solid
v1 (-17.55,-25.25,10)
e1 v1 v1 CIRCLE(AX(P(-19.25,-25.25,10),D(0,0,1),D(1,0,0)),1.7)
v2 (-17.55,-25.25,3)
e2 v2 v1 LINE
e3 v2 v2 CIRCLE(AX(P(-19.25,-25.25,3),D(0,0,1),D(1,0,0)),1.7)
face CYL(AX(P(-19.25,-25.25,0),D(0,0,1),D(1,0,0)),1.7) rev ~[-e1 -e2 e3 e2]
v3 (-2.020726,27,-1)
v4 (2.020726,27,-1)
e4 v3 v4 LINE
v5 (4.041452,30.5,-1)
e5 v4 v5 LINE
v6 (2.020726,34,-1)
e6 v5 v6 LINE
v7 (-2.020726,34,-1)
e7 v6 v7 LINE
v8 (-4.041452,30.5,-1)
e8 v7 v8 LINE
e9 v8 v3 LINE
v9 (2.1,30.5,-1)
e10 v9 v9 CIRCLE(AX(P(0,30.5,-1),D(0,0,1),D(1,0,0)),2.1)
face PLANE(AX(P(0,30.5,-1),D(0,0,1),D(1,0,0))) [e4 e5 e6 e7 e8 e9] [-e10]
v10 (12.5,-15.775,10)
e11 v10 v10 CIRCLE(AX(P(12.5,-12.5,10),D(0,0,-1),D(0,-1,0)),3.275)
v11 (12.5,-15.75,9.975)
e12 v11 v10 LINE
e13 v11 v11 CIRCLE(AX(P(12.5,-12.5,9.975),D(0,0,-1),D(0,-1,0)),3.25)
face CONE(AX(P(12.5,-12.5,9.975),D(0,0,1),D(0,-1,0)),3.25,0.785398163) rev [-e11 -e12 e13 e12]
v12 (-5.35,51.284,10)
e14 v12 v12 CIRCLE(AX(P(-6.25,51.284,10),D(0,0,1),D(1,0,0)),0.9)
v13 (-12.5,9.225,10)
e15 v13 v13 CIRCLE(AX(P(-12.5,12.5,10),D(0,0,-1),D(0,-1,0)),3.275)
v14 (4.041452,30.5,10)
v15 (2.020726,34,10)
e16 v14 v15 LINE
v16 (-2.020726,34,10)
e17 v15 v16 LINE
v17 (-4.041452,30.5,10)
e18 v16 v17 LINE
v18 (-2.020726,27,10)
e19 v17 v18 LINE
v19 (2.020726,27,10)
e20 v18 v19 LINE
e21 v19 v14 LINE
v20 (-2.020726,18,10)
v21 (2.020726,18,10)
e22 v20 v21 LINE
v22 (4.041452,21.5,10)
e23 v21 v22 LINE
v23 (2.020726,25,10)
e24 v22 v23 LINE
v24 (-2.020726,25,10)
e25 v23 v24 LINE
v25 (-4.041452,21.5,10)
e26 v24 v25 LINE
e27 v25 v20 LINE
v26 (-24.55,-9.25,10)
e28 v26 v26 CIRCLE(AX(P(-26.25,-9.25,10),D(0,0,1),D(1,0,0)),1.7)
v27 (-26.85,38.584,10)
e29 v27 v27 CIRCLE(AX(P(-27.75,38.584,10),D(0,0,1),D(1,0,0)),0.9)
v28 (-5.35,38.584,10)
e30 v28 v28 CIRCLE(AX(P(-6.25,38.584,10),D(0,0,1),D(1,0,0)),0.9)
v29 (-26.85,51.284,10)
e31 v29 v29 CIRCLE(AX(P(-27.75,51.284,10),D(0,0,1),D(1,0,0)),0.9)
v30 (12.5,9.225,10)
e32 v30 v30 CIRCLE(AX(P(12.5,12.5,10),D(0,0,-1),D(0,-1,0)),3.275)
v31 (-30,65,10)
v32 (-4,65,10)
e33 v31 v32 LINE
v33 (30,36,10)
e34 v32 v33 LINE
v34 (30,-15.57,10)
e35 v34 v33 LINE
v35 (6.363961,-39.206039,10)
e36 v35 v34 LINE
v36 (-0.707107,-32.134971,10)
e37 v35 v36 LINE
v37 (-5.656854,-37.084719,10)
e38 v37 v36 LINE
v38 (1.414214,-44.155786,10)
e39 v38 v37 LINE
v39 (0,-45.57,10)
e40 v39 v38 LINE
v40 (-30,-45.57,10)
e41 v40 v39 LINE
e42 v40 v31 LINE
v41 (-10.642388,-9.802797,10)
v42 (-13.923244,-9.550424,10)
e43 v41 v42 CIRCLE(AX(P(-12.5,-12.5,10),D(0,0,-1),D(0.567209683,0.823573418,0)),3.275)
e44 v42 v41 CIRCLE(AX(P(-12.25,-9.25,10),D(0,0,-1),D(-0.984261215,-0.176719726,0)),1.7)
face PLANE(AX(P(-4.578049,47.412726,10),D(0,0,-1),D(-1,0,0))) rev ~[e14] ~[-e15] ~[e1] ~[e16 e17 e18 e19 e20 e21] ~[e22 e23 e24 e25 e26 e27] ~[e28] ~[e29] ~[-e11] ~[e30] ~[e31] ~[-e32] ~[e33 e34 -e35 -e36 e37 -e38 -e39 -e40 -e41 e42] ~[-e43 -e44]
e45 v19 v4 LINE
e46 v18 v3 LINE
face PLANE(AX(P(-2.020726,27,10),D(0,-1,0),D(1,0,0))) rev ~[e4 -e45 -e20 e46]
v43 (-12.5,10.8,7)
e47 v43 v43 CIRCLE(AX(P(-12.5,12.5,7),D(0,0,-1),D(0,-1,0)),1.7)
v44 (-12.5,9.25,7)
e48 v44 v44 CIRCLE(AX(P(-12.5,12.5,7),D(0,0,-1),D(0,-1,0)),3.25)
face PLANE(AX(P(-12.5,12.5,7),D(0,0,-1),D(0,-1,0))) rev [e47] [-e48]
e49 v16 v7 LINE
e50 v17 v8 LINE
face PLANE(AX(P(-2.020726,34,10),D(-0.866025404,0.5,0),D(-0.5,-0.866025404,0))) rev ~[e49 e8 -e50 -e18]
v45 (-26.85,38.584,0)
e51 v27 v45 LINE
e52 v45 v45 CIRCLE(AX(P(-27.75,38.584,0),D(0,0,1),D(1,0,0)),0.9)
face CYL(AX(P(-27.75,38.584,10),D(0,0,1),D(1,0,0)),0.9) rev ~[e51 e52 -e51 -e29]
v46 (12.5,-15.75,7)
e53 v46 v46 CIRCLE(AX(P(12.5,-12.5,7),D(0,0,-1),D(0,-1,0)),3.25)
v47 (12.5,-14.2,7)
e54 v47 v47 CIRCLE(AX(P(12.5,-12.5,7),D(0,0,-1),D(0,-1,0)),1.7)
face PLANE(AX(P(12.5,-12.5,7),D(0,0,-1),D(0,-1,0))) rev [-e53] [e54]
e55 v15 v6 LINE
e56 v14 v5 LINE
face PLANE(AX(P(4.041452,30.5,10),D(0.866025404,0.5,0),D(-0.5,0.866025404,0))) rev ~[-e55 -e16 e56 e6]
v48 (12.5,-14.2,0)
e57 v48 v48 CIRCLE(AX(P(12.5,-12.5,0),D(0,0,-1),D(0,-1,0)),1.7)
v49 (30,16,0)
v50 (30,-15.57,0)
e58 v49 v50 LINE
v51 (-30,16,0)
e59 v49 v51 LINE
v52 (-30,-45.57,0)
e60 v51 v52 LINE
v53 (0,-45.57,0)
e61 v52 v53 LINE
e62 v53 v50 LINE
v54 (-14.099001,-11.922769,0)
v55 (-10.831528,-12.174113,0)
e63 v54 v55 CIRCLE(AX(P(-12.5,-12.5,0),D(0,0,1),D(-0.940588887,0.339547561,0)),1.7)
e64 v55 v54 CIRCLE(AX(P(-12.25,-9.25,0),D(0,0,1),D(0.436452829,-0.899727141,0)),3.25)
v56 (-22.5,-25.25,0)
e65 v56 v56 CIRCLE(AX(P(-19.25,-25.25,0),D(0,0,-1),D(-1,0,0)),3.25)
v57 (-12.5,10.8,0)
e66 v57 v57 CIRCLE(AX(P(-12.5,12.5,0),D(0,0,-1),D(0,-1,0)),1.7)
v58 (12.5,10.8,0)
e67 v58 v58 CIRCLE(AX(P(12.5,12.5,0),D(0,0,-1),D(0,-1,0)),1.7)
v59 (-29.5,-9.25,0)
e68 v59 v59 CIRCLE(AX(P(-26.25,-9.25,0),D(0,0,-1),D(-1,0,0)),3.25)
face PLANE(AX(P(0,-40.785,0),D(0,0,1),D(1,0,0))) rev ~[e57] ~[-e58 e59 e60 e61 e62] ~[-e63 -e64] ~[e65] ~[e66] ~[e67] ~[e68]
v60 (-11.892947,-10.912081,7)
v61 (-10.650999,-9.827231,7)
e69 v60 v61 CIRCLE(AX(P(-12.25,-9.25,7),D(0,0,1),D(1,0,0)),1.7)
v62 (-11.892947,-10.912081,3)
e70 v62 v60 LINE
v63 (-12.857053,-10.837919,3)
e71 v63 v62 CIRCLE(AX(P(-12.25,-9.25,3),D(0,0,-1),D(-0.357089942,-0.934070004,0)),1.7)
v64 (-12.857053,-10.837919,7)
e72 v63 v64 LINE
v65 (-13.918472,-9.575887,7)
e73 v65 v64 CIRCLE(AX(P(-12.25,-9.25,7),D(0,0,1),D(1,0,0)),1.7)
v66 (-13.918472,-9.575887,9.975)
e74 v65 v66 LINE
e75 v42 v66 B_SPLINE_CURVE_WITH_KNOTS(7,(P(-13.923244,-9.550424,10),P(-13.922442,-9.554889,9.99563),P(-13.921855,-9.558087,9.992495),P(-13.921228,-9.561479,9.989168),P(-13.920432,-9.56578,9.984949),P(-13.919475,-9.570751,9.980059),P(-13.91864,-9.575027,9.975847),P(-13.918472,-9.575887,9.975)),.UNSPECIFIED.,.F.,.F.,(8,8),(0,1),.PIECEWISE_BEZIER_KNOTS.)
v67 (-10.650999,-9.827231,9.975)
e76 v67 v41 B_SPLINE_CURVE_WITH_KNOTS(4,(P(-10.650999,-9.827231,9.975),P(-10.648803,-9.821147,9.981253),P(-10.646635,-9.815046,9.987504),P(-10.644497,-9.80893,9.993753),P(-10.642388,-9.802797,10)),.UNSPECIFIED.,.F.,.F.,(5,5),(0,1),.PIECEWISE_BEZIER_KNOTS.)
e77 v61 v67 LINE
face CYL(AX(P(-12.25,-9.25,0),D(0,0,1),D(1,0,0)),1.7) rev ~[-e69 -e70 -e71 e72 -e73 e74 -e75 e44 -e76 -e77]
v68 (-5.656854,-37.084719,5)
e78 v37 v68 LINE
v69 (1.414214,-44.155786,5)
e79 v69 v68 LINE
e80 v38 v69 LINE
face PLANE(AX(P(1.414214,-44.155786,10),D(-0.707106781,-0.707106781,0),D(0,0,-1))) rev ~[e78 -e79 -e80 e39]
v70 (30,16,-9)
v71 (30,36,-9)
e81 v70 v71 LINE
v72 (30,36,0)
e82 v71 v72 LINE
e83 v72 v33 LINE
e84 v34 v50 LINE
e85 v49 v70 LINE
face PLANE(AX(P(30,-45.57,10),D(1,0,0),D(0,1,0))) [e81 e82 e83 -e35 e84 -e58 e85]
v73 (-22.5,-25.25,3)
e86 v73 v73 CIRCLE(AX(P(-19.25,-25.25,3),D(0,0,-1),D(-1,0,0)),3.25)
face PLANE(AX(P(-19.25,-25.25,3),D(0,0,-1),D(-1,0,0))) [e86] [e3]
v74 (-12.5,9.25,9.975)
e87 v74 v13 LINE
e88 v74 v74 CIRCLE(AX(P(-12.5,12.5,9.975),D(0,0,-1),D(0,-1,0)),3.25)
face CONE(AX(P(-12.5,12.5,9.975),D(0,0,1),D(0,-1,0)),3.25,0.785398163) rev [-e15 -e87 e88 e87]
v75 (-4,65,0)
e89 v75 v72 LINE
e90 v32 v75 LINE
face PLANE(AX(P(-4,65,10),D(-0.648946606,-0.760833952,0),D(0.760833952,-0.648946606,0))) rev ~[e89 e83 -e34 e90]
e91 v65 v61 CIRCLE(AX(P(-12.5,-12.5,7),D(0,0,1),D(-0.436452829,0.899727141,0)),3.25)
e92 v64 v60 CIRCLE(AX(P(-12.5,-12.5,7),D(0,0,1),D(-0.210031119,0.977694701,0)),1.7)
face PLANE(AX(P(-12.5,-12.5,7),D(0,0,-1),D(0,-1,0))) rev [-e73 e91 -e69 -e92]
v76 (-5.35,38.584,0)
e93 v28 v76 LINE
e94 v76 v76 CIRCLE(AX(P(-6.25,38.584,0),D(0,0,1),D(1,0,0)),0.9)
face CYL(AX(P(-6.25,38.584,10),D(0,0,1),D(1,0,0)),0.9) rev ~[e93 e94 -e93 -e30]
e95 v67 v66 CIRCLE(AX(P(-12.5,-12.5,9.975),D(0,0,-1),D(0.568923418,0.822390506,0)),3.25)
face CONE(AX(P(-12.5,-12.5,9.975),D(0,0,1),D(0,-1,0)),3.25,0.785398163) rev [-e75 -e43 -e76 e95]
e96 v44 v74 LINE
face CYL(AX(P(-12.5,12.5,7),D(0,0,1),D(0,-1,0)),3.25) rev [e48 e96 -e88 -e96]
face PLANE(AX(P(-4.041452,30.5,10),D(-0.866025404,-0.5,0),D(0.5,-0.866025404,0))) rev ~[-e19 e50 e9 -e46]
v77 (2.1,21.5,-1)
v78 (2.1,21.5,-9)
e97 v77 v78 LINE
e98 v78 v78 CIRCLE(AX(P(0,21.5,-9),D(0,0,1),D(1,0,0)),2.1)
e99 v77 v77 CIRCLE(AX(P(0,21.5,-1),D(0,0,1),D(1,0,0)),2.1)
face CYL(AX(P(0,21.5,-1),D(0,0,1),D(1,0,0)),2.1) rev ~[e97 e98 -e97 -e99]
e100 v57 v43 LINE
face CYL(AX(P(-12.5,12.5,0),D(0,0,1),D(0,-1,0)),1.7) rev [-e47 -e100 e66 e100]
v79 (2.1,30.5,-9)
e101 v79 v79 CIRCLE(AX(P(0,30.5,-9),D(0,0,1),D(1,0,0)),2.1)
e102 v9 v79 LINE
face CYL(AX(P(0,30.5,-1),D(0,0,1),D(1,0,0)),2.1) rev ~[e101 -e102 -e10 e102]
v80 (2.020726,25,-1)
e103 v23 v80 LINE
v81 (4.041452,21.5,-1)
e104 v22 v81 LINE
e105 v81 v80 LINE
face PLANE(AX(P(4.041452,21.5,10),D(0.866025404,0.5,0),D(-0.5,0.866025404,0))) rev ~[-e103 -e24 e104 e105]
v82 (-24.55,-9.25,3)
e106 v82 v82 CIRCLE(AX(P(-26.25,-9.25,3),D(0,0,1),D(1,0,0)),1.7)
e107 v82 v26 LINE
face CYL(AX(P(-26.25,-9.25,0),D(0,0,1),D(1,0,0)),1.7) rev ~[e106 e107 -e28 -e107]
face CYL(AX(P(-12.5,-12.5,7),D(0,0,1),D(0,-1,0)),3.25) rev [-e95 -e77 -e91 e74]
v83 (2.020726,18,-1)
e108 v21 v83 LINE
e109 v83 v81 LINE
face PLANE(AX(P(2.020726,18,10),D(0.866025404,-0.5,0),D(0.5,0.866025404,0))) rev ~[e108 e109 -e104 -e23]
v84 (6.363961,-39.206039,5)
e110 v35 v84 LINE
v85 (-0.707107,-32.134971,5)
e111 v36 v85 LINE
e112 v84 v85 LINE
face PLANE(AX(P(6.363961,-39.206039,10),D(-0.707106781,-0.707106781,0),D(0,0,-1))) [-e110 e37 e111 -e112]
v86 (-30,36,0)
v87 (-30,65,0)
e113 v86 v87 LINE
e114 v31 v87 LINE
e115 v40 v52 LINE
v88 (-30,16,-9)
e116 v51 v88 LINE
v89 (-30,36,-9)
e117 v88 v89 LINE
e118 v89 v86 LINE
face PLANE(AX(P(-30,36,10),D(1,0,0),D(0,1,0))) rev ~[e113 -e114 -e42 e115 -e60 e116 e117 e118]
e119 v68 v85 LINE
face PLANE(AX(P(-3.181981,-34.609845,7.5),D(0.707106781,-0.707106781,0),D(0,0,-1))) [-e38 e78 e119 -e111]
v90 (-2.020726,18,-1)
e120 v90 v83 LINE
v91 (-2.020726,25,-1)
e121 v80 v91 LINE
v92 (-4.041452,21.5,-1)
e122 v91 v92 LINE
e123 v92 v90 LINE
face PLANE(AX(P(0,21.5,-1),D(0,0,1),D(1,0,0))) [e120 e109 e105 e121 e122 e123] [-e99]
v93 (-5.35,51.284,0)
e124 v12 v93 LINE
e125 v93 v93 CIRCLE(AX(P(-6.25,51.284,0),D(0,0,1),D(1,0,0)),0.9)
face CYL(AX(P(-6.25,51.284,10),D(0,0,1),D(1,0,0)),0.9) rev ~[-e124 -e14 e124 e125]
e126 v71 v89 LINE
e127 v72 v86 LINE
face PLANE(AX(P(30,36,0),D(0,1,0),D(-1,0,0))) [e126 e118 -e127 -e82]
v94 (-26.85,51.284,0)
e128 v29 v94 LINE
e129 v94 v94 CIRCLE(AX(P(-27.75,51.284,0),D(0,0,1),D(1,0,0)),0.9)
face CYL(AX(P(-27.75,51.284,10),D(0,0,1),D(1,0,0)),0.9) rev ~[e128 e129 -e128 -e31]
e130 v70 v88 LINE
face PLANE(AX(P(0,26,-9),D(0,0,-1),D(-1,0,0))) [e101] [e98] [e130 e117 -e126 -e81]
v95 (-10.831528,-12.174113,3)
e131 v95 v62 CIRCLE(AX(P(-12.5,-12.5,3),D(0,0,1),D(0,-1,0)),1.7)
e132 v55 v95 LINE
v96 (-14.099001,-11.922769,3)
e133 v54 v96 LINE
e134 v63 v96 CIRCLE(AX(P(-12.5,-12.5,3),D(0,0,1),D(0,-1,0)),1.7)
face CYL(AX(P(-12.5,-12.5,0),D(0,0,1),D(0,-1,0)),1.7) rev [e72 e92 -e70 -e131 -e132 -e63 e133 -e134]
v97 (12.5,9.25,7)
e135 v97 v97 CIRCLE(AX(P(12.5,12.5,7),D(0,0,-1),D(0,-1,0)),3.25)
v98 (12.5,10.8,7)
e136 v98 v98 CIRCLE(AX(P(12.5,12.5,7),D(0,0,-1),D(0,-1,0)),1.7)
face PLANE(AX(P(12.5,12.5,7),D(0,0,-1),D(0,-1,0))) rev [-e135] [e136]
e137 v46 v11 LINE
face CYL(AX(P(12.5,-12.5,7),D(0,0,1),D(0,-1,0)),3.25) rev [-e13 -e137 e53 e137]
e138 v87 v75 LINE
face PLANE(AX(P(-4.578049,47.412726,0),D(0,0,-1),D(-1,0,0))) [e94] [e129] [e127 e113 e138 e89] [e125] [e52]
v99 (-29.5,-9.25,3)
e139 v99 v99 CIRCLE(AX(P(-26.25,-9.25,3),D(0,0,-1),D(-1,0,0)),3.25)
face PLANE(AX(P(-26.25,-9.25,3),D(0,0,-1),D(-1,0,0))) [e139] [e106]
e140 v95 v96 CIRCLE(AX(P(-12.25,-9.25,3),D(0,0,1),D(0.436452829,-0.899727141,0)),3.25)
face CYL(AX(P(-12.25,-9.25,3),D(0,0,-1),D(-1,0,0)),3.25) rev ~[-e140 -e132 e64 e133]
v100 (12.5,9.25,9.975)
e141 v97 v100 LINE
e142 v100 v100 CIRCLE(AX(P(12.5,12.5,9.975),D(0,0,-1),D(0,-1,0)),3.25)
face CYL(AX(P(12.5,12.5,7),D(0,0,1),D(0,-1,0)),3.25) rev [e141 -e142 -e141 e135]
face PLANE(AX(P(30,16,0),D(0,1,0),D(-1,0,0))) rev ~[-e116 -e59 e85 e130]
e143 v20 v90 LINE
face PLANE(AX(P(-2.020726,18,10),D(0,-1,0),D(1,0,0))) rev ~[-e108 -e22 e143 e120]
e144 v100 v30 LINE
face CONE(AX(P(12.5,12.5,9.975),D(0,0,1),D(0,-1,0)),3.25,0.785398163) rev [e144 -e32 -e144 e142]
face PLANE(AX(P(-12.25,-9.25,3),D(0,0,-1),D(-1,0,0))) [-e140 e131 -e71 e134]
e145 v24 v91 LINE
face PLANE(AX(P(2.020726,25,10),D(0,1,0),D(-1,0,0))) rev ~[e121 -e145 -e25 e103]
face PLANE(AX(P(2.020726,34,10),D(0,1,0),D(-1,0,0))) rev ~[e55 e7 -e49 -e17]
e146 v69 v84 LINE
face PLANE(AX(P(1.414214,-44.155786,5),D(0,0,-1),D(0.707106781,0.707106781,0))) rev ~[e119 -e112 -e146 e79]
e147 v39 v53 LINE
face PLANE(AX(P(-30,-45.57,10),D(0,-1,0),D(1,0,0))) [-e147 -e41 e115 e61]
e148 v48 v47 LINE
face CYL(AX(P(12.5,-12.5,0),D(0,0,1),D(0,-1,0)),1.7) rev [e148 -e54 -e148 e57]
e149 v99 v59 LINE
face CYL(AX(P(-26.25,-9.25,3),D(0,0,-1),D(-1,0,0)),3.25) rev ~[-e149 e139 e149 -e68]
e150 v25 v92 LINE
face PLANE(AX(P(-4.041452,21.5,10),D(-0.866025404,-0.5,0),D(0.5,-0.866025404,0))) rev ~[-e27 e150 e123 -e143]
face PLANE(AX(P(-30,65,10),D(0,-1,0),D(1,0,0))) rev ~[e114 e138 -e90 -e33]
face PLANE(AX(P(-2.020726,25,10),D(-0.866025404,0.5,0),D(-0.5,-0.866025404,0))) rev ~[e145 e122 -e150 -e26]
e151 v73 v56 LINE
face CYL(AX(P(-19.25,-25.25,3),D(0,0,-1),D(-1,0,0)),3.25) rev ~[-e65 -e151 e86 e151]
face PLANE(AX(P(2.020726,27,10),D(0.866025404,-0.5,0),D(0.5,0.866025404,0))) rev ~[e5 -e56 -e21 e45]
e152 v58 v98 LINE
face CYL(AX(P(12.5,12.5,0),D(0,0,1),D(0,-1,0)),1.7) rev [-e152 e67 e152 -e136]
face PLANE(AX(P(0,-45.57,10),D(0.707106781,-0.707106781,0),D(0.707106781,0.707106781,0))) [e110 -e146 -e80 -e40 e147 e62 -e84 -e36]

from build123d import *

# Parameters (mm, degrees)
SKETCH2_W                      = 60
SKETCH2_H                      = 72
BOSS_EXTRUDE1_DEPTH            = 10
SKETCH9_W                      = 60
SKETCH9_H                      = 20
BOSS_EXTRUDE2_DEPTH            = 9
CBORE_FOR_M3_SHCS1_AT_2_COUNT  = 2
CBORE_FOR_M3_SHCS1_AT_2_PITCH  = 25
CBORE_FOR_M3_SHCS1_AT_3_COUNT  = 2
CBORE_FOR_M3_SHCS1_AT_3_PITCH  = 35.355339059
CBORE_FOR_M3_SHCS1_AT_4_COUNT  = 2
CBORE_FOR_M3_SHCS1_AT_4_PITCH  = 25
CUT_EXTRUDE1_DEPTH             = 11
SKETCH8_R                      = 2.1
CUT_EXTRUDE2_DEPTH             = 49.135226186
SKETCH14_W                     = 60
SKETCH14_H                     = 9.57
BOSS_EXTRUDE3_DEPTH            = 10
CBORE_FOR_M3_SHCS2_D           = 3.4
CBORE_FOR_M3_SHCS2_CBORE_D     = 6.5
CBORE_FOR_M3_SHCS2_CBORE_DEPTH = 3
CUT_EXTRUDE3_DEPTH             = 58.772181022
BOSS_EXTRUDE4_DEPTH            = 10
SKETCH20_R                     = 0.9
CUT_EXTRUDE4_DEPTH             = 10
SKETCH21_W                     = 5
SKETCH21_H                     = 7
CUT_EXTRUDE5_DEPTH             = 10


with BuildPart() as part:
    # Sketch2 → Boss-Extrude1 (new body)
    with BuildSketch(Plane.XY):
        Rectangle(SKETCH2_W, SKETCH2_H)
    extrude(amount=BOSS_EXTRUDE1_DEPTH)

    # Sketch9 → Boss-Extrude2 (add)
    with BuildSketch(Plane(origin=(0, 0, 0), x_dir=(-1, 0, 0), z_dir=(0, 0, -1))):
        with Locations((0, 26)):
            Rectangle(SKETCH9_W, SKETCH9_H)
    extrude(amount=BOSS_EXTRUDE2_DEPTH)

    # Sketch6 → CBORE for M3 SHCS1 (revolve, cut)
    with BuildSketch(Plane(origin=(-12.5, 12.5, 10), x_dir=(0, -1, 0), z_dir=(1, 0, 0))):
        Polygon((0, 0), (0, 11.021463052), (1.7, 10), (1.7, 3), (3.25, 3), (3.25, 0.025), (3.275, 0), align=None)
    cbore_for_m3_shcs1 = revolve(axis=Axis((-12.5, 12.5, 16.35), (0, 0, -1)), mode=Mode.SUBTRACT)

    # CBORE for M3 SHCS1 at 2: CBORE for M3 SHCS1 ×2
    with Locations(*[(i * CBORE_FOR_M3_SHCS1_AT_2_PITCH, 0, 0) for i in range(1, CBORE_FOR_M3_SHCS1_AT_2_COUNT)]):
        add(cbore_for_m3_shcs1, mode=Mode.SUBTRACT)

    # CBORE for M3 SHCS1 at 3: CBORE for M3 SHCS1 ×2
    with Locations(*[Vector(0.7071067811865477, -0.7071067811865475, 0) * (i * CBORE_FOR_M3_SHCS1_AT_3_PITCH) for i in range(1, CBORE_FOR_M3_SHCS1_AT_3_COUNT)]):
        add(cbore_for_m3_shcs1, mode=Mode.SUBTRACT)

    # CBORE for M3 SHCS1 at 4: CBORE for M3 SHCS1 ×2
    with Locations(*[(0, -i * CBORE_FOR_M3_SHCS1_AT_4_PITCH, 0) for i in range(1, CBORE_FOR_M3_SHCS1_AT_4_COUNT)]):
        add(cbore_for_m3_shcs1, mode=Mode.SUBTRACT)

    # Sketch7 → Cut-Extrude1 (cut)
    with BuildSketch(Plane.XY.offset(10)):
        Polygon((4.041451884, 21.5), (2.020725942, 25), (-2.020725942, 25), (-4.041451884, 21.5), (-2.020725942, 18), (2.020725942, 18), align=None)
        Polygon((4.041451884, 30.5), (2.020725942, 34), (-2.020725942, 34), (-4.041451884, 30.5), (-2.020725942, 27), (2.020725942, 27), align=None)
    extrude(amount=-CUT_EXTRUDE1_DEPTH, mode=Mode.SUBTRACT)

    # Sketch8 → Cut-Extrude2 (cut, through all)
    with BuildSketch(Plane.XY.offset(-1)):
        with Locations((0, 30.5)):
            Circle(SKETCH8_R)
        with Locations((0, 21.5)):
            Circle(SKETCH8_R)
    extrude(amount=-CUT_EXTRUDE2_DEPTH, mode=Mode.SUBTRACT)

    # Sketch14 → Boss-Extrude3 (add)
    with BuildSketch(Plane.XY.offset(10)):
        with Locations((0, -40.785)):
            Rectangle(SKETCH14_W, SKETCH14_H)
    extrude(amount=-BOSS_EXTRUDE3_DEPTH)

    # CBORE for M3 SHCS2 (through all)
    with Locations(Plane(origin=(0, 0, 0), x_dir=(-1, 0, 0), z_dir=(0, 0, -1))):
        with Locations((19.25, -25.25), (12.25, -9.25), (26.25, -9.25)):
            CounterBoreHole(CBORE_FOR_M3_SHCS2_D / 2, CBORE_FOR_M3_SHCS2_CBORE_D / 2, CBORE_FOR_M3_SHCS2_CBORE_DEPTH)

    # Sketch18 → Cut-Extrude3 (cut, through all)
    with BuildSketch(Plane.XY.offset(10)):
        Polygon((0, -45.57), (30, -15.57), (30, -45.57), align=None)
    extrude(amount=-CUT_EXTRUDE3_DEPTH, mode=Mode.SUBTRACT)

    # Sketch19 → Boss-Extrude4 (add)
    with BuildSketch(Plane.XY.offset(10)):
        Polygon((-30, 36), (-30, 65), (-4, 65), (30, 36), align=None)
    extrude(amount=-BOSS_EXTRUDE4_DEPTH)

    # Sketch20 → Cut-Extrude4 (cut)
    with BuildSketch(Plane.XY.offset(10)):
        with Locations((-27.75, 51.284)):
            Circle(SKETCH20_R)
        with Locations((-27.75, 38.584)):
            Circle(SKETCH20_R)
        with Locations((-6.25, 38.584)):
            Circle(SKETCH20_R)
        with Locations((-6.25, 51.284)):
            Circle(SKETCH20_R)
    extrude(amount=-CUT_EXTRUDE4_DEPTH, mode=Mode.SUBTRACT)

    # Sketch21 → Cut-Extrude5 (cut)
    with BuildSketch(Plane(origin=(22.785, -22.785, 0), x_dir=(0, 0, -1), z_dir=(0.707106781186544, -0.7071067811865511, 0))):
        with Locations((-7.5, -26.722856019)):
            Rectangle(SKETCH21_W, SKETCH21_H)
    extrude(amount=-CUT_EXTRUDE5_DEPTH, mode=Mode.SUBTRACT)


solid = part.part
